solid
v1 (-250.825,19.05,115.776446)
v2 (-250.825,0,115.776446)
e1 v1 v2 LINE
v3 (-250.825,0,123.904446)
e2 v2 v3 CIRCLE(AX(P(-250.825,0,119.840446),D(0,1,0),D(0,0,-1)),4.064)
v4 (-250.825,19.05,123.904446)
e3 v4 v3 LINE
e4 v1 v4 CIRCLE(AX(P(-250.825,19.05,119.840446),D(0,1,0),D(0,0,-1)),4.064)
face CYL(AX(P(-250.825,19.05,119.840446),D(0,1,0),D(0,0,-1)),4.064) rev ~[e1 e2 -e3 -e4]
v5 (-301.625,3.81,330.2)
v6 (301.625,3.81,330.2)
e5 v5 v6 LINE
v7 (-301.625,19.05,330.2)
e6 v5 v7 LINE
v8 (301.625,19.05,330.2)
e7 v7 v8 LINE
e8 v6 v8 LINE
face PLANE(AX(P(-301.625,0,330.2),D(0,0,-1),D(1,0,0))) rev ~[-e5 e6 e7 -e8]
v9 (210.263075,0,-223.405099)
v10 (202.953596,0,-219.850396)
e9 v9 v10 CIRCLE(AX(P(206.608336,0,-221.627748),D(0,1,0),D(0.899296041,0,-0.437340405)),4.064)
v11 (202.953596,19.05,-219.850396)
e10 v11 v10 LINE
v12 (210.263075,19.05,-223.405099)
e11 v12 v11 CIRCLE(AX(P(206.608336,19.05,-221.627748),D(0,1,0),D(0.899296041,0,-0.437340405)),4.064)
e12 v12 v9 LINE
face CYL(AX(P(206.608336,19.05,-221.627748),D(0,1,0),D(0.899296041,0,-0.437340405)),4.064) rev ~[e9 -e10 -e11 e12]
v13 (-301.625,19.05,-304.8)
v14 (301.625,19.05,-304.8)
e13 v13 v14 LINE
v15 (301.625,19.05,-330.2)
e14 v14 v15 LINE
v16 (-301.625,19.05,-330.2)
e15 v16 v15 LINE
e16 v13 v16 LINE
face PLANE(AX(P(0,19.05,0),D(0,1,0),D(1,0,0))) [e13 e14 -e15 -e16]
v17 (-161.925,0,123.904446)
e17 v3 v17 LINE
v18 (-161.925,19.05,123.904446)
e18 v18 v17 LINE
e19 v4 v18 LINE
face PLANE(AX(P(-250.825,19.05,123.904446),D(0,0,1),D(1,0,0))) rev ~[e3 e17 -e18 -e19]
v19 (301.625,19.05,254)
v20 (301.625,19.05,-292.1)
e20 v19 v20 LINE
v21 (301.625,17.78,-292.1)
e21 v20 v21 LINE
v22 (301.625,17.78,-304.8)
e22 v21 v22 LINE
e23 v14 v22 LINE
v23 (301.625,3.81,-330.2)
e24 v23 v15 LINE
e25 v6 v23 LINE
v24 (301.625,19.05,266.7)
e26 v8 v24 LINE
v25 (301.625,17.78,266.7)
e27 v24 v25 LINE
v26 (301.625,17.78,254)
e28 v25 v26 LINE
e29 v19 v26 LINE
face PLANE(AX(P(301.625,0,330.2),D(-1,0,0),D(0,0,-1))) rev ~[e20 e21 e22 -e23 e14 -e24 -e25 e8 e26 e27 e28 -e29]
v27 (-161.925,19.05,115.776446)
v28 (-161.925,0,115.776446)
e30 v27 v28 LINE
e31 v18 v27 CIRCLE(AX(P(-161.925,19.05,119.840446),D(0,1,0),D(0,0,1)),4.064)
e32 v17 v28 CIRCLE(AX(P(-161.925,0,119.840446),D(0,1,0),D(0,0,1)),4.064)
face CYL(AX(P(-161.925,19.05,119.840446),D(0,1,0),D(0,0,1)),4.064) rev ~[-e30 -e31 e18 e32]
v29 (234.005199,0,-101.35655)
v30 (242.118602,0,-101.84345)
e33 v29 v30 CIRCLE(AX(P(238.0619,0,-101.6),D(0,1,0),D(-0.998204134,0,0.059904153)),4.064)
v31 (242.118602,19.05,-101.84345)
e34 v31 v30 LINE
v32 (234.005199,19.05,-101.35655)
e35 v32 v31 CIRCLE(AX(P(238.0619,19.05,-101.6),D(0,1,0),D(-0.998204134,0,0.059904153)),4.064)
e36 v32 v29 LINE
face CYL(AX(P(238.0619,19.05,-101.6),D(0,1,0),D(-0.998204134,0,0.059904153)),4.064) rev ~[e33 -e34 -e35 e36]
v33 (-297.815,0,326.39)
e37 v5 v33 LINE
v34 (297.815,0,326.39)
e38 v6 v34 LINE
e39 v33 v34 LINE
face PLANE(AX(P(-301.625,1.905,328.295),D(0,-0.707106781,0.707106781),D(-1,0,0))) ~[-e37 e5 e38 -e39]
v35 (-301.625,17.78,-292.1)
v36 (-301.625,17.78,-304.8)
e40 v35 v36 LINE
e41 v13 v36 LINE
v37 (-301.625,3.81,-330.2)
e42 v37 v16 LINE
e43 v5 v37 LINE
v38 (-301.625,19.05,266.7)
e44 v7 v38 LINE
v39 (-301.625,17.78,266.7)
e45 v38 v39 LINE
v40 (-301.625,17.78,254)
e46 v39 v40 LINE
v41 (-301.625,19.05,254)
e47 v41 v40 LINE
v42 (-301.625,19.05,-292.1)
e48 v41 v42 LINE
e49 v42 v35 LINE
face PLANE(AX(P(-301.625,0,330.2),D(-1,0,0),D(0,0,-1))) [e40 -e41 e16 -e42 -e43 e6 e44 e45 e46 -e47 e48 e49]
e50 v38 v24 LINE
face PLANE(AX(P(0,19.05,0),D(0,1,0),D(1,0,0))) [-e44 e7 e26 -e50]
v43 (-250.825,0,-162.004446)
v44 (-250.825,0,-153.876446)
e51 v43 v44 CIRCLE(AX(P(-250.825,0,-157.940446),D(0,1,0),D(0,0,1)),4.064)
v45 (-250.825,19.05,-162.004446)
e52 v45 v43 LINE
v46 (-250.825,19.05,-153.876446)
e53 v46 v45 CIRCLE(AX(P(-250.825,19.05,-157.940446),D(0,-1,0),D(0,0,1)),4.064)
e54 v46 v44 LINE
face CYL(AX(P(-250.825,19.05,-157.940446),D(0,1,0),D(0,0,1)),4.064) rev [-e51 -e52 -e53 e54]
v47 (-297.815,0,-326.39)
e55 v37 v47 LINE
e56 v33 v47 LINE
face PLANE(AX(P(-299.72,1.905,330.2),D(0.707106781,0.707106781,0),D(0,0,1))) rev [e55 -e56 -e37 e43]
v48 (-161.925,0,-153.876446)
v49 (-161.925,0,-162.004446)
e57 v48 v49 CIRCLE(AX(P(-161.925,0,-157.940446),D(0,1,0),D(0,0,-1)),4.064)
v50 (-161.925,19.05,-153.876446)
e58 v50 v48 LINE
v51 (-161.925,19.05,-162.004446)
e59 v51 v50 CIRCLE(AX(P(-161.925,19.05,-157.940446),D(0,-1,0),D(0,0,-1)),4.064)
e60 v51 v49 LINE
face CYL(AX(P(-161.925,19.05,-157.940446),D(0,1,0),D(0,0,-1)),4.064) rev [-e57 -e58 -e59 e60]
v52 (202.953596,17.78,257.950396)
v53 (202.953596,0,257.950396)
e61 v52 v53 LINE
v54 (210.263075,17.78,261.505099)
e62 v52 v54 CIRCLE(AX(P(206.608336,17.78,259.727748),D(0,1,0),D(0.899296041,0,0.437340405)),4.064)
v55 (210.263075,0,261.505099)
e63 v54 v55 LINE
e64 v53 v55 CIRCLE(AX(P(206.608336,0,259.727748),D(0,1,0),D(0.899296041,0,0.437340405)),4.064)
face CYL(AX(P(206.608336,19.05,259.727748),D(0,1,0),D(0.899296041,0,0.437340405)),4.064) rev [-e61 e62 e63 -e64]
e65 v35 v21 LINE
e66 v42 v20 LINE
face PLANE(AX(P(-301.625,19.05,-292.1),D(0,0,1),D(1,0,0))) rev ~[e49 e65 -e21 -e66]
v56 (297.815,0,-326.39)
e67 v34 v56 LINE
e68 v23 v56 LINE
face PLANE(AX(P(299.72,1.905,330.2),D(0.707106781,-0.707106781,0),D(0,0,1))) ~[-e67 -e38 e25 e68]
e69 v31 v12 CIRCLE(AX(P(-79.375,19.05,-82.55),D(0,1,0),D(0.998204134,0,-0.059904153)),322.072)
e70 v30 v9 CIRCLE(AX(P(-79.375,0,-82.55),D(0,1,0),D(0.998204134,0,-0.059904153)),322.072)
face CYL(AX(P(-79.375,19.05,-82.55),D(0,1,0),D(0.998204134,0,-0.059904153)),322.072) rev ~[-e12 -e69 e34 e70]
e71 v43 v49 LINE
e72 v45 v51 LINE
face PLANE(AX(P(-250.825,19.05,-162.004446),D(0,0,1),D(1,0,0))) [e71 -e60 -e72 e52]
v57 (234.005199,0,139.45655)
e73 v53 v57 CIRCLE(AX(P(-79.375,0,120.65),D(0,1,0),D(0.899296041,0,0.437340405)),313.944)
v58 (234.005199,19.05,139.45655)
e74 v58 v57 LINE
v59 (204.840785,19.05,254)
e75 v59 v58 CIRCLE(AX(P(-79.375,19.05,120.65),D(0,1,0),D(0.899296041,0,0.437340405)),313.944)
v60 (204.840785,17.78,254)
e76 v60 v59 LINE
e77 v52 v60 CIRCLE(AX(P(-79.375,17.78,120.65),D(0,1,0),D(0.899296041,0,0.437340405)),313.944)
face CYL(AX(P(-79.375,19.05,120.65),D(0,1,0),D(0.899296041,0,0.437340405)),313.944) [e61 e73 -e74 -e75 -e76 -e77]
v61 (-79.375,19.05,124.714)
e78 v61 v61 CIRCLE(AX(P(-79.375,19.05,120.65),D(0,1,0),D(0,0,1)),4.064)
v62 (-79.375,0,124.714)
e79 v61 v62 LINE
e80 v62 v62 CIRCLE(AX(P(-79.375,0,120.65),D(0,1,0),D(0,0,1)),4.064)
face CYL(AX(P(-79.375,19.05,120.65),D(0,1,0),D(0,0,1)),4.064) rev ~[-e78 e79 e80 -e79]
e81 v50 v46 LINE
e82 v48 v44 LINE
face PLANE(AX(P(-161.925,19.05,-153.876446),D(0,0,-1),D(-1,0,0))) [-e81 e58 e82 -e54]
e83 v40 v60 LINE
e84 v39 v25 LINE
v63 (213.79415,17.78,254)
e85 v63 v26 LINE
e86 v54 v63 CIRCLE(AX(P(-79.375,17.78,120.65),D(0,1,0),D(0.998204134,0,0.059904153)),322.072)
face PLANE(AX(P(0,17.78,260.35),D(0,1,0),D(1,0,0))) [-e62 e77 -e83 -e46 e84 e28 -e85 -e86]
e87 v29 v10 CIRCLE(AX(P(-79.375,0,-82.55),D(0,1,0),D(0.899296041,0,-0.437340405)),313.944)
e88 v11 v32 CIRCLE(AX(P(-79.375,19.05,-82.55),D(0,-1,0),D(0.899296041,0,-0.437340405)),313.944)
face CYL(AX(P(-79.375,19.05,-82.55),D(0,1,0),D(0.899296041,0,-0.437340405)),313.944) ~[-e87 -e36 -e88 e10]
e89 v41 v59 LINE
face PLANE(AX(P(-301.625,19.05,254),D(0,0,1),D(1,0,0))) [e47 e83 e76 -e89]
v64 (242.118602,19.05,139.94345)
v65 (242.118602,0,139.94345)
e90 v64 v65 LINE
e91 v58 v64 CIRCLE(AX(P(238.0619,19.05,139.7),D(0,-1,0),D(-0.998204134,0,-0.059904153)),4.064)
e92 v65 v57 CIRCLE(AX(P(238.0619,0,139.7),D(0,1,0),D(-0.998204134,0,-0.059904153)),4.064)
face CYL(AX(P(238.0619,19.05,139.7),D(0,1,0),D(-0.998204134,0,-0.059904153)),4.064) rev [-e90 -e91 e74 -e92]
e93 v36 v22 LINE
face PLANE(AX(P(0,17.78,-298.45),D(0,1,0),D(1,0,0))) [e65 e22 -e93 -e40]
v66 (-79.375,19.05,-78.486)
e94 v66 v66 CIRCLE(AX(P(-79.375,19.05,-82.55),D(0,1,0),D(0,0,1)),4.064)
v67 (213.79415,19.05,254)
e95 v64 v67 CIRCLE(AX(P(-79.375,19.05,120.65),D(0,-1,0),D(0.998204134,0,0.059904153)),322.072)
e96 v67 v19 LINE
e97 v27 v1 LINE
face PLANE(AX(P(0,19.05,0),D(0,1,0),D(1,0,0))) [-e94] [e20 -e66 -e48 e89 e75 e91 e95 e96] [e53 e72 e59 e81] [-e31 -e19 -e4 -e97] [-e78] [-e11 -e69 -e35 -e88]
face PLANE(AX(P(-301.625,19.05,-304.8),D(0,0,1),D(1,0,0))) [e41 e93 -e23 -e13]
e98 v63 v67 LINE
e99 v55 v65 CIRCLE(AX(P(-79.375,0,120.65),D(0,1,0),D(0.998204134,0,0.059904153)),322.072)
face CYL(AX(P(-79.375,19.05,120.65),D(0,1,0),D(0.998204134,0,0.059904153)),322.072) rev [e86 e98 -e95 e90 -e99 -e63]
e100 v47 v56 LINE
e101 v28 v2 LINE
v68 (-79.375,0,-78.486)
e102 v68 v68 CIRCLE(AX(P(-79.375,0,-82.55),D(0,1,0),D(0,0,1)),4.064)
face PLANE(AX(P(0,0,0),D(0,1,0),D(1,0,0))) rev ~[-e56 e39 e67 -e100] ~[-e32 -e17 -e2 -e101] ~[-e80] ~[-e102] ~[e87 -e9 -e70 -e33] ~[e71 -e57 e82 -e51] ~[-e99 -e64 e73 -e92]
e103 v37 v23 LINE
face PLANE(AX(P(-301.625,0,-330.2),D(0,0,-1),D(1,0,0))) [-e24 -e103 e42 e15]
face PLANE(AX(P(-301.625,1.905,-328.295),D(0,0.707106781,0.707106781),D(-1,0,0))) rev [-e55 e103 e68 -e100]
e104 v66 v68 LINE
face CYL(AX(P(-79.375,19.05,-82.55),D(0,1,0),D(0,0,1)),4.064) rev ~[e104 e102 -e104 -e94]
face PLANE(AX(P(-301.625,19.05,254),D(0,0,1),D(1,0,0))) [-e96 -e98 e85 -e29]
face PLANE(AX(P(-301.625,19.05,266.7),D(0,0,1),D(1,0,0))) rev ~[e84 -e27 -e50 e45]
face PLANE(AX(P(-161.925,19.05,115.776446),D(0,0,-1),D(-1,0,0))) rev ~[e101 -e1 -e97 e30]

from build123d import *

# Parameters (mm, degrees)
SKETCH1_W           = 603.25
SKETCH1_H           = 660.4
BOSS_EXTRUDE1_DEPTH = 19.05
CHAMFER1_SIZE       = 3.81
CUT_EXTRUDE2_DEPTH  = 448.629962274
SKETCH6_R           = 4.064
CUT_EXTRUDE5_DEPTH  = 448.629962274
CUT_EXTRUDE8_DEPTH  = 448.629962274
SKETCH10_W          = 603.25
SKETCH10_H          = 12.7
CUT_EXTRUDE9_DEPTH  = 1.27


with BuildPart() as part:
    # Sketch1 → Boss-Extrude1 (new body)
    with BuildSketch(Plane(origin=(0, 0, 0), x_dir=(1, 0, 0), z_dir=(0, 1, 0))):
        Rectangle(SKETCH1_W, SKETCH1_H)
    extrude(amount=BOSS_EXTRUDE1_DEPTH)

    # Chamfer1
    chamfer1_edges = [part.edges().sort_by_distance(p)[0] for p in [
        (0, 0, 330.2),
        (-301.625, 0, 0),
        (0, 0, -330.2),
        (301.625, 0, 0),
    ]]
    chamfer(chamfer1_edges, length=CHAMFER1_SIZE)

    # Sketch3 → Cut-Extrude2 (cut, through all)
    with BuildSketch(Plane(origin=(0, 19.05, 0), x_dir=(1, 0, 0), z_dir=(0, 1, 0))):
        with BuildLine():
            Line((-250.825, 162.004445849), (-161.925, 162.004445849))
            ThreePointArc((-161.925, 162.004445849), (-157.861, 157.940445849), (-161.925, 153.876445849))
            Line((-161.925, 153.876445849), (-250.825, 153.876445849))
            ThreePointArc((-250.825, 153.876445849), (-254.889, 157.940445849), (-250.825, 162.004445849))
        make_face()
        with BuildLine():
            Line((-250.825, -123.904445849), (-161.925, -123.904445849))
            ThreePointArc((-161.925, -123.904445849), (-157.861, -119.840445849), (-161.925, -115.776445849))
            Line((-161.925, -115.776445849), (-250.825, -115.776445849))
            ThreePointArc((-250.825, -115.776445849), (-254.889, -119.840445849), (-250.825, -123.904445849))
        make_face()
    extrude(amount=-CUT_EXTRUDE2_DEPTH, mode=Mode.SUBTRACT)

    # Sketch6 → Cut-Extrude5 (cut, through all)
    with BuildSketch(Plane(origin=(0, 19.05, 0), x_dir=(1, 0, 0), z_dir=(0, 1, 0))):
        with Locations(Location((-79.375, 82.55, 0), (0, 0, 270))):
            Circle(SKETCH6_R)
        with Locations(Location((-79.375, -120.65, 0), (0, 0, 270))):
            Circle(SKETCH6_R)
    extrude(amount=-CUT_EXTRUDE5_DEPTH, mode=Mode.SUBTRACT)

    # Sketch9 → Cut-Extrude8 (cut, through all)
    with BuildSketch(Plane(origin=(0, 19.05, 0), x_dir=(1, 0, 0), z_dir=(0, 1, 0))):
        with BuildLine():
            ThreePointArc((242.118601729, -139.943450479), (232.177226853, -202.293022526), (210.263074619, -261.505099002))
            ThreePointArc((210.263074619, -261.505099002), (204.8309841, -263.382486707), (202.953596395, -257.950396188))
            ThreePointArc((202.953596395, -257.950396188), (224.314710087, -200.23263079), (234.005198531, -139.456549521))
            ThreePointArc((234.005198531, -139.456549521), (238.305350609, -135.643298401), (242.118601729, -139.943450479))
        make_face()
        with BuildLine():
            ThreePointArc((242.118601729, 101.843450479), (232.177226853, 164.193022526), (210.263074619, 223.405099002))
            ThreePointArc((210.263074619, 223.405099002), (204.8309841, 225.282486707), (202.953596395, 219.850396188))
            ThreePointArc((202.953596395, 219.850396188), (224.314710087, 162.13263079), (234.005198531, 101.356549521))
            ThreePointArc((234.005198531, 101.356549521), (238.305350609, 97.543298401), (242.118601729, 101.843450479))
        make_face()
    extrude(amount=-CUT_EXTRUDE8_DEPTH, mode=Mode.SUBTRACT)

    # Sketch10 → Cut-Extrude9 (cut)
    with BuildSketch(Plane(origin=(0, 19.05, 0), x_dir=(1, 0, 0), z_dir=(0, 1, 0))):
        with Locations((0, 298.45)):
            Rectangle(SKETCH10_W, SKETCH10_H)
        with Locations((0, -260.35)):
            Rectangle(SKETCH10_W, SKETCH10_H)
    extrude(amount=-CUT_EXTRUDE9_DEPTH, mode=Mode.SUBTRACT)


solid = part.part
